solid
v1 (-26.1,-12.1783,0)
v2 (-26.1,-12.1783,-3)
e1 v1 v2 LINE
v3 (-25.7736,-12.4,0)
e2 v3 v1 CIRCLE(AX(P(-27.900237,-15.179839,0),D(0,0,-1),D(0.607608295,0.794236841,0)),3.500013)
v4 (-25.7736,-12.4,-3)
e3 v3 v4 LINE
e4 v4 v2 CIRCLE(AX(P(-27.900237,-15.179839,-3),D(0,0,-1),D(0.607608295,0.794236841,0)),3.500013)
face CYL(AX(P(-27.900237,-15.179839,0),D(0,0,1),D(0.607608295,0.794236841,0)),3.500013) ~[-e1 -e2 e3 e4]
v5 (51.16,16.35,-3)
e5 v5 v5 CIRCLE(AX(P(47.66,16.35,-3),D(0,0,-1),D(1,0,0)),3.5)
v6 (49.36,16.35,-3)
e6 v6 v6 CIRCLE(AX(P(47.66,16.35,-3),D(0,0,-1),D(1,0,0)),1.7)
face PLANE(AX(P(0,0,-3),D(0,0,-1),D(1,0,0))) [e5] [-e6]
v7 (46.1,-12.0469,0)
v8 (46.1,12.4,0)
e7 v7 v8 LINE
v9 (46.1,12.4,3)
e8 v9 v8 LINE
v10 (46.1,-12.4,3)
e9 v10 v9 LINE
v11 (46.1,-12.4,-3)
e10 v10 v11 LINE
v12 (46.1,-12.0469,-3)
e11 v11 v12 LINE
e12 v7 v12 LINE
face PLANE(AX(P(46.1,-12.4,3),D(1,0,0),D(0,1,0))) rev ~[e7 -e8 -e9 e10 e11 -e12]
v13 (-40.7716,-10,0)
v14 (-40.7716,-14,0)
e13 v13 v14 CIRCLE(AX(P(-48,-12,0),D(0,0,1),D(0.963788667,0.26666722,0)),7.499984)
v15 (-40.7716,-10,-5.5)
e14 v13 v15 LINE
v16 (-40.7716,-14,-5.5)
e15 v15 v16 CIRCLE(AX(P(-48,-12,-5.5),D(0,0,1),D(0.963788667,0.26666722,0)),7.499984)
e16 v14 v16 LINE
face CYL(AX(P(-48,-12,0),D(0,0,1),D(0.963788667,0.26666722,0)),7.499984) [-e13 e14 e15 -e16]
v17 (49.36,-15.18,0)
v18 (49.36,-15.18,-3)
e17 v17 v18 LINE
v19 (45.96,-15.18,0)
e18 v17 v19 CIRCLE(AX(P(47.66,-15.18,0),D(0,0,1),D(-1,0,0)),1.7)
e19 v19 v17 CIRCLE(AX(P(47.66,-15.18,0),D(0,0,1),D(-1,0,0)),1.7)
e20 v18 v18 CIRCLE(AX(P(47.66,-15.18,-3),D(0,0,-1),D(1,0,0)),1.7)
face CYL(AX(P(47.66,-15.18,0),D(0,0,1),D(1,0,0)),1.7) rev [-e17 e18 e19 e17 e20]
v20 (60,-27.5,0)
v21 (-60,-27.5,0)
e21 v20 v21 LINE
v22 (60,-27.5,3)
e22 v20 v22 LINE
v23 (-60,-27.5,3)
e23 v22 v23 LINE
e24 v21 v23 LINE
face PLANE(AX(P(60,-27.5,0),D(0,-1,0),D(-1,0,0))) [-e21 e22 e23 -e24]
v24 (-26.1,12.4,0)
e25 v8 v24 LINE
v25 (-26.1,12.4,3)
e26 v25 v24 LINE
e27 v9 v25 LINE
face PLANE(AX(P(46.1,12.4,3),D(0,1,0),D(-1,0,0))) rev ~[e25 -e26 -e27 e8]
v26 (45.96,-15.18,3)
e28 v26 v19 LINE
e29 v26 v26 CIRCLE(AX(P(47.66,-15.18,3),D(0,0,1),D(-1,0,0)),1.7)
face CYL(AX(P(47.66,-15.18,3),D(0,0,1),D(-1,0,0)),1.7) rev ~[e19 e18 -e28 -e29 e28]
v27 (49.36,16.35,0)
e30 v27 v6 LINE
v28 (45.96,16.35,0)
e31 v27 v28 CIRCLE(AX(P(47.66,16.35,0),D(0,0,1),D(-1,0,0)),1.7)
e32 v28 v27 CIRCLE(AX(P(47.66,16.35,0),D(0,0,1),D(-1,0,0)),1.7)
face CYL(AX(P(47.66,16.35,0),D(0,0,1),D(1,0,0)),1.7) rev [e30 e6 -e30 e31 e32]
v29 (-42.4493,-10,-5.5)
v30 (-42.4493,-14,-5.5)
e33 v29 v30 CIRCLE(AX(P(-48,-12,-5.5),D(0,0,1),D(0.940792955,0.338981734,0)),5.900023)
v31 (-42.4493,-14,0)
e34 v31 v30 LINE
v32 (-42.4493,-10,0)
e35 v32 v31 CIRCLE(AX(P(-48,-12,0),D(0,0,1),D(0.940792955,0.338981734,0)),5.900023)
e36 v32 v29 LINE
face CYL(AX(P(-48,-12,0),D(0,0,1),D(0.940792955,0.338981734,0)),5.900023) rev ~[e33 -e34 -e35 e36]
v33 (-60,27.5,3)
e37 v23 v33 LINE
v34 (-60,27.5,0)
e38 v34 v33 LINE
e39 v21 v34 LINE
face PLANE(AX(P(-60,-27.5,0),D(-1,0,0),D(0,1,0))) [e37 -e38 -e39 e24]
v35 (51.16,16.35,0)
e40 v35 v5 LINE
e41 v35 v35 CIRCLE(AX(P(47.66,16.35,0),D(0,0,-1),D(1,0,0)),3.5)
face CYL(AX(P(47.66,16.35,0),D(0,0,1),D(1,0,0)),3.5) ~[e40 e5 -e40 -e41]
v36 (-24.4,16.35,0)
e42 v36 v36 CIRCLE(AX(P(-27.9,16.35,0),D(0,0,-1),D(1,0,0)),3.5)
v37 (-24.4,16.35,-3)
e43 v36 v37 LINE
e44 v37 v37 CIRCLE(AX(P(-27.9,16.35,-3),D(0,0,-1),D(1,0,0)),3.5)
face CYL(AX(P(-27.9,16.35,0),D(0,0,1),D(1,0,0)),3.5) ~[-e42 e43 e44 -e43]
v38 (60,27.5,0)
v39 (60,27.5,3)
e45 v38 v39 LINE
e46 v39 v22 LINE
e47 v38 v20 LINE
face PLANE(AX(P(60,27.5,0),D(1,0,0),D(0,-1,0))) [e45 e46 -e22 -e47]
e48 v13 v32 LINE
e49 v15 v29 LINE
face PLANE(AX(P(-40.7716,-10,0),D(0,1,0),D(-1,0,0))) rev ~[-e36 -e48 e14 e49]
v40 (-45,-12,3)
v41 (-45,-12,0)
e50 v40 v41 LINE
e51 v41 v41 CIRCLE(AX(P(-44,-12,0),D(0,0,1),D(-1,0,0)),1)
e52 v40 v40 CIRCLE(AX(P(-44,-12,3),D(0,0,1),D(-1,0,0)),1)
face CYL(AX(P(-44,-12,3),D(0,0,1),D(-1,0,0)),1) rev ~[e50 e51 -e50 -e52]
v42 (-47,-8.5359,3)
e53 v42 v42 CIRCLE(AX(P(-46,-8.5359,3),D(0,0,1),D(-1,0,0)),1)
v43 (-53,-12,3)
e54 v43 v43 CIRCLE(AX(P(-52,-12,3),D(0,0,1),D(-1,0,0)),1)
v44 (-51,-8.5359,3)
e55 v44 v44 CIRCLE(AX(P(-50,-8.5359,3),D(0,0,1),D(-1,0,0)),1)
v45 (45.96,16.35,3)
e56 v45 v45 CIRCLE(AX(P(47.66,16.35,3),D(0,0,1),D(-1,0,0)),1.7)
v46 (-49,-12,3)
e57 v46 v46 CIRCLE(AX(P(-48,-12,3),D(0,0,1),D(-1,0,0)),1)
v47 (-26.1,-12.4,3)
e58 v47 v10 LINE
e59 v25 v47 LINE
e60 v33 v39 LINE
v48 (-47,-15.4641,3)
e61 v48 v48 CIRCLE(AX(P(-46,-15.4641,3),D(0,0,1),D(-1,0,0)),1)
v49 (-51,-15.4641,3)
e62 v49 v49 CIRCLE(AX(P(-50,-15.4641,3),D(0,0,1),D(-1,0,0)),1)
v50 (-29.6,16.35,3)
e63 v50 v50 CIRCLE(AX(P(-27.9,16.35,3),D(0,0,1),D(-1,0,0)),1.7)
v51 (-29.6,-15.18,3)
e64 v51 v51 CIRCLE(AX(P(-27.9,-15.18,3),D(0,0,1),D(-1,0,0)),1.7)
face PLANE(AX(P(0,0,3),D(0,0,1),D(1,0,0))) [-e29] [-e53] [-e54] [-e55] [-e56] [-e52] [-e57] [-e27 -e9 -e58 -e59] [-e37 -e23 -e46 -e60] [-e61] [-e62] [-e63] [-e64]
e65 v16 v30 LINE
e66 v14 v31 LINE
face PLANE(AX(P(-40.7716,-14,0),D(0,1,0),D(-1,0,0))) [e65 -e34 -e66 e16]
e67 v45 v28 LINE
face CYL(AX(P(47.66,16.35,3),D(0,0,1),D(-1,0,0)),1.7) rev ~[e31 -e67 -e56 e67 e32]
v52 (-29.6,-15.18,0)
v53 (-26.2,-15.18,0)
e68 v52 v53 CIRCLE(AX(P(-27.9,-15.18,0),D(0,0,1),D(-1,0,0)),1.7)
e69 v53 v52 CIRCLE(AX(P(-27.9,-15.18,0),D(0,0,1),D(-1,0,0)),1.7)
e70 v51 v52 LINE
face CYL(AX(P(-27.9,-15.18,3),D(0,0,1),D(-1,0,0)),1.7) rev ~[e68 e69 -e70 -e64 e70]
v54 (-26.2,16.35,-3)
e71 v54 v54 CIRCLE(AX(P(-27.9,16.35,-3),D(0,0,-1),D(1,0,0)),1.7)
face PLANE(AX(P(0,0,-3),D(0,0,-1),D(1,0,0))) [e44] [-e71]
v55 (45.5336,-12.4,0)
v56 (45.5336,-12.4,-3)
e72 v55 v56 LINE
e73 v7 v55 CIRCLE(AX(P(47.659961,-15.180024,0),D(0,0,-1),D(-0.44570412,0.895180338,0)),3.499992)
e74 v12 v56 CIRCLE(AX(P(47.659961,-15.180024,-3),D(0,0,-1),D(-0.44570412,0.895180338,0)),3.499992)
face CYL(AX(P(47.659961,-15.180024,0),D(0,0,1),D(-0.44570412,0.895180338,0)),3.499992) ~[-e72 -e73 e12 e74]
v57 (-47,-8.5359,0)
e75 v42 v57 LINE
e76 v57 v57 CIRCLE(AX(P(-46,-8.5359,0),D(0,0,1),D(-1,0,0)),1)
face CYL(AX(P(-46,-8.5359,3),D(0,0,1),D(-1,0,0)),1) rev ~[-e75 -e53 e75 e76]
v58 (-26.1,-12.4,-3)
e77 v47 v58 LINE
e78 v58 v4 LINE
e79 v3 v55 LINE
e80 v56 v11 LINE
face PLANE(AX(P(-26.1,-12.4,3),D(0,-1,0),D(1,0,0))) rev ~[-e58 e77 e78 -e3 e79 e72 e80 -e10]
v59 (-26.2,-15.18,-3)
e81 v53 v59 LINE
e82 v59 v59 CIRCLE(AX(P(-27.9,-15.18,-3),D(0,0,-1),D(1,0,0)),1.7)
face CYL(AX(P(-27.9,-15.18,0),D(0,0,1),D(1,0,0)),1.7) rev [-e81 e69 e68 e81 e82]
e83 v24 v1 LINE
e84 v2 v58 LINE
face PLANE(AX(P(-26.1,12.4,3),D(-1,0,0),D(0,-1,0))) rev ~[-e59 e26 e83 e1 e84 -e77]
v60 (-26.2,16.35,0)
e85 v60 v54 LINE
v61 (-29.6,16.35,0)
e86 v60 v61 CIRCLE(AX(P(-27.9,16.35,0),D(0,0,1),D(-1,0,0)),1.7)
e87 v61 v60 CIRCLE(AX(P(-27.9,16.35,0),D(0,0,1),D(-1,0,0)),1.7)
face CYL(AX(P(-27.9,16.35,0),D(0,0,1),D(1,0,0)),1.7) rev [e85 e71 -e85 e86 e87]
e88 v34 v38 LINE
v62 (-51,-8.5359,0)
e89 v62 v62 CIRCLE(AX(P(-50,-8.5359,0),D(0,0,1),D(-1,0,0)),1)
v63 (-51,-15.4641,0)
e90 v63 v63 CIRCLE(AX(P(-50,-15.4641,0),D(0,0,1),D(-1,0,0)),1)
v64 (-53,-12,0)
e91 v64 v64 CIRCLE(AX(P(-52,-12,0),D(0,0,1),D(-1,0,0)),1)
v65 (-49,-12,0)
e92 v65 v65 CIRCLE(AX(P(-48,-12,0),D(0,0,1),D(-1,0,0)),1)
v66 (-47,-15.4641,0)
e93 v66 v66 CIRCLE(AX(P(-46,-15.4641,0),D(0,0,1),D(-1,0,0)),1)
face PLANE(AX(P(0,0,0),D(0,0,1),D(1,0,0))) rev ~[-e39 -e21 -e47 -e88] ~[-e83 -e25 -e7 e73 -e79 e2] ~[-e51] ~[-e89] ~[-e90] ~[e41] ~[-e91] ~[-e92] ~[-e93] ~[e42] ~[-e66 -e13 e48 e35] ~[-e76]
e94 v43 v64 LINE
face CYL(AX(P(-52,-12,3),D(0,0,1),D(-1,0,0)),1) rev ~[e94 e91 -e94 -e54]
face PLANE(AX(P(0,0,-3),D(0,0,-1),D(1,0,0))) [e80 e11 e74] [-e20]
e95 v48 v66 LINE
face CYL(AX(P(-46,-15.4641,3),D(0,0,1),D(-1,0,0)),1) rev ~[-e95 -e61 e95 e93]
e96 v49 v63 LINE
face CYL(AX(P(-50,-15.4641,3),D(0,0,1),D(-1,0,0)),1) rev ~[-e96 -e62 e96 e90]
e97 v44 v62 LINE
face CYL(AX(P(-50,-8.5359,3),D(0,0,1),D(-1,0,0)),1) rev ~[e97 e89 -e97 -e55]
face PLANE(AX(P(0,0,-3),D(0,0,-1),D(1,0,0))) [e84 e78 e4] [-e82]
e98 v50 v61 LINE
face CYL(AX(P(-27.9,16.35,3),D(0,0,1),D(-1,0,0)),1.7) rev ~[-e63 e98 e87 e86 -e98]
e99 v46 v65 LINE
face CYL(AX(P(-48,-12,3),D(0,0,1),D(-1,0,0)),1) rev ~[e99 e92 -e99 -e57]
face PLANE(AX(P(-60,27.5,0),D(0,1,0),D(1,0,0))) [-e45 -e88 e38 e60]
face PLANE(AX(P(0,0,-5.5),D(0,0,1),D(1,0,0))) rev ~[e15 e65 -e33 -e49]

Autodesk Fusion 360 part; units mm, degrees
sketch "Sketch1" plane through (0, 0, 0) normal (0, 0, 1) x (1, 0, 0)
  line L0 (60, -27.5) -> (-60, -27.5)
  line L1 (-60, -27.5) -> (-60, 27.5)
  line L2 (-60, 27.5) -> (60, 27.5)
  line L3 (60, 27.5) -> (60, -27.5)
  line L4 (60, -27.5) -> (-60, 27.5) construction
  line L5 (-60, -27.5) -> (60, 27.5) construction
  dimension "d1" = 120
  dimension "d2" = 55
extrude "Extrude1" add sketch "Sketch1" along normal blind 3
sketch "Sketch2" plane through (0, 0, 3) normal (0, 0, 1) x (-1, 0, 0)
  line L0 (-60, -27.5) -> (60, -27.5)
  line L1 (60, -27.5) -> (60, 27.5)
  line L2 (60, 27.5) -> (-60, 27.5)
  line L3 (-60, 27.5) -> (-60, -27.5)
  line L4 (26.1, 12.4) -> (-46.1, 12.4)
  line L5 (-46.1, 12.4) -> (-46.1, -12.4)
  line L6 (-46.1, -12.4) -> (26.1, -12.4)
  line L7 (26.1, -12.4) -> (26.1, 12.4)
  line L8 (26.1, 12.4) -> (-46.1, -12.4) construction
  line L9 (-46.1, 12.4) -> (26.1, -12.4) construction
  point P0 (-10, 0)
  dimension "d5" = 72.2
  dimension "d6" = 24.8
extrude "Extrude2" cut sketch "Sketch2" against normal through all contours L4 L5 L6 L7
sketch "Sketch3" plane through (0, 0, 3) normal (0, 0, 1) x (-1, 0, 0)
  line L0 (26.1, -12.4) -> (-46.1, -12.4)
  line L1 (-46.1, -12.4) -> (-46.1, 12.4)
  line L2 (-46.1, 12.4) -> (26.1, 12.4)
  line L3 (26.1, 12.4) -> (26.1, -12.4)
  line L4 (-60, -27.5) -> (60, -27.5)
  line L5 (60, -27.5) -> (60, 27.5)
  line L6 (60, 27.5) -> (-60, 27.5)
  line L7 (-60, 27.5) -> (-60, -27.5)
  circle A0 centre (27.9, -16.35) radius 1.7
  circle A1 centre (-47.66, -16.35) radius 1.7
  circle A2 centre (27.9, 15.18) radius 1.7
  circle A3 centre (-47.66, 15.18) radius 1.7
  dimension "d9" = 3.4
  dimension "d10" = 27.9
  dimension "d11" = 16.35
  dimension "d14" = 75.56
  dimension "d15" = -31.53
extrude "Extrude3" cut sketch "Sketch3" against normal through all contours A0 | A1 | A2 | A3
sketch "Sketch5" plane through (0, 0, 3) normal (0, 0, 1) x (-1, 0, 0)
  circle A0 centre (-47.66, 15.18) radius 1.7
  circle A1 centre (27.9, 15.18) radius 1.7
  circle A2 centre (27.9, -16.35) radius 1.7
  circle A3 centre (-47.66, -16.35) radius 1.7
  line L0 (26.1, -12.4) -> (-46.1, -12.4)
  line L1 (-46.1, -12.4) -> (-46.1, 12.4)
  line L2 (-46.1, 12.4) -> (26.1, 12.4)
  line L3 (26.1, 12.4) -> (26.1, -12.4)
  line L4 (-60, -27.5) -> (60, -27.5)
  line L5 (60, -27.5) -> (60, 27.5)
  line L6 (60, 27.5) -> (-60, 27.5)
  line L7 (-60, 27.5) -> (-60, -27.5)
  line L8 (56.1021, -14.9687) -> (33, -15) construction
  line L9 (33, -15) -> (33.013, -24.5594) construction
  line L10 (33.013, -24.5594) -> (56.1151, -24.5281) construction
  line L11 (56.1151, -24.5281) -> (56.1021, -14.9687) construction
  dimension "d24" = 3.5
sketch "Sketch6" plane through (0, 0, 3) normal (0, 0, 1) x (-1, 0, 0)
  line L0 (-60, -27.5) -> (60, -27.5)
  line L1 (60, -27.5) -> (60, 27.5)
  line L2 (60, 27.5) -> (-60, 27.5)
  line L3 (-60, 27.5) -> (-60, -27.5)
  line L4 (26.1, -12.4) -> (-46.1, -12.4)
  line L5 (-46.1, -12.4) -> (-46.1, 12.4)
  line L6 (-46.1, 12.4) -> (26.1, 12.4)
  line L7 (26.1, 12.4) -> (26.1, -12.4)
  circle A0 centre (-47.66, -16.35) radius 1.7
  circle A1 centre (27.9, -16.35) radius 1.7
  circle A2 centre (27.9, 15.18) radius 1.7
  circle A3 centre (-47.66, 15.18) radius 1.7
  circle A4 centre (48, 12) radius 1
  circle A5 centre (44, 12) radius 1
  circle A6 centre (46, 8.5359) radius 1
  circle A7 centre (50, 8.5359) radius 1
  circle A8 centre (52, 12) radius 1
  circle A9 centre (50, 15.4641) radius 1
  circle A10 centre (46, 15.4641) radius 1
  dimension "d29" = 2
  dimension "d30" = 48
  dimension "d31" = 12
  dimension "d32" = 2
  dimension "d33" = 4
  dimension "d35" = 360
extrude "Extrude6" cut sketch "Sketch6" against normal through all contours A4 | A5 | A6 | A7 | A8 | A9 | A10
sketch "Sketch7" plane through (0, 0, 0) normal (0, 0, 1) x (1, 0, 0)
  arc A0 (-40.7716, -10) -> (-40.7716, -14) centre (-48, -12) ccw
  arc A1 (-42.4493, -10) -> (-42.4493, -14) centre (-48, -12) ccw
  line L0 (-40.7716, -10) -> (-42.4493, -10)
  line L1 (-40.7716, -14) -> (-42.4493, -14)
  dimension "d37" = 11.8
  dimension "d38" = 48
  dimension "d39" = 12
  dimension "d40" = 15
  dimension "d41" = 2
  dimension "d42" = 2
extrude "Extrude7" add sketch "Sketch7" against normal blind 5.5
sketch "Sketch8" plane through (0, 0, 0) normal (0, 0, -1) x (1, 0, 0)
  circle A0 centre (-46, 15.4641) radius 1
  circle A1 centre (-48, 12) radius 1
  circle A2 centre (-50, 15.4641) radius 1
  circle A3 centre (-44, 12) radius 1
  circle A4 centre (-50, 8.5359) radius 1
  circle A5 centre (-52, 12) radius 1
  circle A6 centre (-46, 8.5359) radius 1
  line L0 (-60, -27.5) -> (60, -27.5)
  line L1 (60, -27.5) -> (60, 27.5)
  line L2 (60, 27.5) -> (-60, 27.5)
  line L3 (-60, 27.5) -> (-60, -27.5)
  line L4 (46.1, -12.4) -> (-26.1, -12.4)
  line L5 (-26.1, -12.4) -> (-26.1, 12.4)
  line L6 (-26.1, 12.4) -> (46.1, 12.4)
  line L7 (46.1, 12.4) -> (46.1, -12.4)
  circle A7 centre (47.66, -16.35) radius 1.7
  circle A8 centre (-27.9, -16.35) radius 1.7
  circle A9 centre (-27.9, 15.18) radius 1.7
  circle A10 centre (47.66, 15.18) radius 1.7
  line L8 (-40.7716, 14) -> (-42.4493, 14)
  arc A11 (-42.4493, 14) -> (-42.4493, 10) centre (-48, 12) ccw
  line L9 (-42.4493, 10) -> (-40.7716, 10)
  arc A12 (-40.7716, 14) -> (-40.7716, 10) centre (-48, 12) ccw
  circle A13 centre (47.66, -16.35) radius 1.7
  circle A14 centre (-27.9, -16.35) radius 1.7
  circle A15 centre (-27.9, 15.18) radius 1.7
  circle A16 centre (47.66, 15.18) radius 1.7
  circle A17 centre (47.66, -16.35) radius 3.5
  circle A18 centre (-27.9, -16.35) radius 3.5
  arc A19 (46.1, 12.0469) -> (45.5336, 12.4) centre (47.66, 15.18) ccw
  arc A20 (-25.7736, 12.4) -> (-26.1, 12.1783) centre (-27.9, 15.18) ccw
  point P0 (46.1, 12.4)
  point P1 (46.1, -12.4)
  point P2 (-26.1, -12.4)
  point P3 (-26.1, 12.4)
  dimension "d45" = 7
  dimension "d46" = 7
  dimension "d47" = 7
  dimension "d48" = 7
extrude "Extrude8" add sketch "Sketch8" along normal blind 3 contours L6 L7 A19 | L5 L6 A20 | A17 | A18
equation "d25 = 'Teo larmklocka'"
